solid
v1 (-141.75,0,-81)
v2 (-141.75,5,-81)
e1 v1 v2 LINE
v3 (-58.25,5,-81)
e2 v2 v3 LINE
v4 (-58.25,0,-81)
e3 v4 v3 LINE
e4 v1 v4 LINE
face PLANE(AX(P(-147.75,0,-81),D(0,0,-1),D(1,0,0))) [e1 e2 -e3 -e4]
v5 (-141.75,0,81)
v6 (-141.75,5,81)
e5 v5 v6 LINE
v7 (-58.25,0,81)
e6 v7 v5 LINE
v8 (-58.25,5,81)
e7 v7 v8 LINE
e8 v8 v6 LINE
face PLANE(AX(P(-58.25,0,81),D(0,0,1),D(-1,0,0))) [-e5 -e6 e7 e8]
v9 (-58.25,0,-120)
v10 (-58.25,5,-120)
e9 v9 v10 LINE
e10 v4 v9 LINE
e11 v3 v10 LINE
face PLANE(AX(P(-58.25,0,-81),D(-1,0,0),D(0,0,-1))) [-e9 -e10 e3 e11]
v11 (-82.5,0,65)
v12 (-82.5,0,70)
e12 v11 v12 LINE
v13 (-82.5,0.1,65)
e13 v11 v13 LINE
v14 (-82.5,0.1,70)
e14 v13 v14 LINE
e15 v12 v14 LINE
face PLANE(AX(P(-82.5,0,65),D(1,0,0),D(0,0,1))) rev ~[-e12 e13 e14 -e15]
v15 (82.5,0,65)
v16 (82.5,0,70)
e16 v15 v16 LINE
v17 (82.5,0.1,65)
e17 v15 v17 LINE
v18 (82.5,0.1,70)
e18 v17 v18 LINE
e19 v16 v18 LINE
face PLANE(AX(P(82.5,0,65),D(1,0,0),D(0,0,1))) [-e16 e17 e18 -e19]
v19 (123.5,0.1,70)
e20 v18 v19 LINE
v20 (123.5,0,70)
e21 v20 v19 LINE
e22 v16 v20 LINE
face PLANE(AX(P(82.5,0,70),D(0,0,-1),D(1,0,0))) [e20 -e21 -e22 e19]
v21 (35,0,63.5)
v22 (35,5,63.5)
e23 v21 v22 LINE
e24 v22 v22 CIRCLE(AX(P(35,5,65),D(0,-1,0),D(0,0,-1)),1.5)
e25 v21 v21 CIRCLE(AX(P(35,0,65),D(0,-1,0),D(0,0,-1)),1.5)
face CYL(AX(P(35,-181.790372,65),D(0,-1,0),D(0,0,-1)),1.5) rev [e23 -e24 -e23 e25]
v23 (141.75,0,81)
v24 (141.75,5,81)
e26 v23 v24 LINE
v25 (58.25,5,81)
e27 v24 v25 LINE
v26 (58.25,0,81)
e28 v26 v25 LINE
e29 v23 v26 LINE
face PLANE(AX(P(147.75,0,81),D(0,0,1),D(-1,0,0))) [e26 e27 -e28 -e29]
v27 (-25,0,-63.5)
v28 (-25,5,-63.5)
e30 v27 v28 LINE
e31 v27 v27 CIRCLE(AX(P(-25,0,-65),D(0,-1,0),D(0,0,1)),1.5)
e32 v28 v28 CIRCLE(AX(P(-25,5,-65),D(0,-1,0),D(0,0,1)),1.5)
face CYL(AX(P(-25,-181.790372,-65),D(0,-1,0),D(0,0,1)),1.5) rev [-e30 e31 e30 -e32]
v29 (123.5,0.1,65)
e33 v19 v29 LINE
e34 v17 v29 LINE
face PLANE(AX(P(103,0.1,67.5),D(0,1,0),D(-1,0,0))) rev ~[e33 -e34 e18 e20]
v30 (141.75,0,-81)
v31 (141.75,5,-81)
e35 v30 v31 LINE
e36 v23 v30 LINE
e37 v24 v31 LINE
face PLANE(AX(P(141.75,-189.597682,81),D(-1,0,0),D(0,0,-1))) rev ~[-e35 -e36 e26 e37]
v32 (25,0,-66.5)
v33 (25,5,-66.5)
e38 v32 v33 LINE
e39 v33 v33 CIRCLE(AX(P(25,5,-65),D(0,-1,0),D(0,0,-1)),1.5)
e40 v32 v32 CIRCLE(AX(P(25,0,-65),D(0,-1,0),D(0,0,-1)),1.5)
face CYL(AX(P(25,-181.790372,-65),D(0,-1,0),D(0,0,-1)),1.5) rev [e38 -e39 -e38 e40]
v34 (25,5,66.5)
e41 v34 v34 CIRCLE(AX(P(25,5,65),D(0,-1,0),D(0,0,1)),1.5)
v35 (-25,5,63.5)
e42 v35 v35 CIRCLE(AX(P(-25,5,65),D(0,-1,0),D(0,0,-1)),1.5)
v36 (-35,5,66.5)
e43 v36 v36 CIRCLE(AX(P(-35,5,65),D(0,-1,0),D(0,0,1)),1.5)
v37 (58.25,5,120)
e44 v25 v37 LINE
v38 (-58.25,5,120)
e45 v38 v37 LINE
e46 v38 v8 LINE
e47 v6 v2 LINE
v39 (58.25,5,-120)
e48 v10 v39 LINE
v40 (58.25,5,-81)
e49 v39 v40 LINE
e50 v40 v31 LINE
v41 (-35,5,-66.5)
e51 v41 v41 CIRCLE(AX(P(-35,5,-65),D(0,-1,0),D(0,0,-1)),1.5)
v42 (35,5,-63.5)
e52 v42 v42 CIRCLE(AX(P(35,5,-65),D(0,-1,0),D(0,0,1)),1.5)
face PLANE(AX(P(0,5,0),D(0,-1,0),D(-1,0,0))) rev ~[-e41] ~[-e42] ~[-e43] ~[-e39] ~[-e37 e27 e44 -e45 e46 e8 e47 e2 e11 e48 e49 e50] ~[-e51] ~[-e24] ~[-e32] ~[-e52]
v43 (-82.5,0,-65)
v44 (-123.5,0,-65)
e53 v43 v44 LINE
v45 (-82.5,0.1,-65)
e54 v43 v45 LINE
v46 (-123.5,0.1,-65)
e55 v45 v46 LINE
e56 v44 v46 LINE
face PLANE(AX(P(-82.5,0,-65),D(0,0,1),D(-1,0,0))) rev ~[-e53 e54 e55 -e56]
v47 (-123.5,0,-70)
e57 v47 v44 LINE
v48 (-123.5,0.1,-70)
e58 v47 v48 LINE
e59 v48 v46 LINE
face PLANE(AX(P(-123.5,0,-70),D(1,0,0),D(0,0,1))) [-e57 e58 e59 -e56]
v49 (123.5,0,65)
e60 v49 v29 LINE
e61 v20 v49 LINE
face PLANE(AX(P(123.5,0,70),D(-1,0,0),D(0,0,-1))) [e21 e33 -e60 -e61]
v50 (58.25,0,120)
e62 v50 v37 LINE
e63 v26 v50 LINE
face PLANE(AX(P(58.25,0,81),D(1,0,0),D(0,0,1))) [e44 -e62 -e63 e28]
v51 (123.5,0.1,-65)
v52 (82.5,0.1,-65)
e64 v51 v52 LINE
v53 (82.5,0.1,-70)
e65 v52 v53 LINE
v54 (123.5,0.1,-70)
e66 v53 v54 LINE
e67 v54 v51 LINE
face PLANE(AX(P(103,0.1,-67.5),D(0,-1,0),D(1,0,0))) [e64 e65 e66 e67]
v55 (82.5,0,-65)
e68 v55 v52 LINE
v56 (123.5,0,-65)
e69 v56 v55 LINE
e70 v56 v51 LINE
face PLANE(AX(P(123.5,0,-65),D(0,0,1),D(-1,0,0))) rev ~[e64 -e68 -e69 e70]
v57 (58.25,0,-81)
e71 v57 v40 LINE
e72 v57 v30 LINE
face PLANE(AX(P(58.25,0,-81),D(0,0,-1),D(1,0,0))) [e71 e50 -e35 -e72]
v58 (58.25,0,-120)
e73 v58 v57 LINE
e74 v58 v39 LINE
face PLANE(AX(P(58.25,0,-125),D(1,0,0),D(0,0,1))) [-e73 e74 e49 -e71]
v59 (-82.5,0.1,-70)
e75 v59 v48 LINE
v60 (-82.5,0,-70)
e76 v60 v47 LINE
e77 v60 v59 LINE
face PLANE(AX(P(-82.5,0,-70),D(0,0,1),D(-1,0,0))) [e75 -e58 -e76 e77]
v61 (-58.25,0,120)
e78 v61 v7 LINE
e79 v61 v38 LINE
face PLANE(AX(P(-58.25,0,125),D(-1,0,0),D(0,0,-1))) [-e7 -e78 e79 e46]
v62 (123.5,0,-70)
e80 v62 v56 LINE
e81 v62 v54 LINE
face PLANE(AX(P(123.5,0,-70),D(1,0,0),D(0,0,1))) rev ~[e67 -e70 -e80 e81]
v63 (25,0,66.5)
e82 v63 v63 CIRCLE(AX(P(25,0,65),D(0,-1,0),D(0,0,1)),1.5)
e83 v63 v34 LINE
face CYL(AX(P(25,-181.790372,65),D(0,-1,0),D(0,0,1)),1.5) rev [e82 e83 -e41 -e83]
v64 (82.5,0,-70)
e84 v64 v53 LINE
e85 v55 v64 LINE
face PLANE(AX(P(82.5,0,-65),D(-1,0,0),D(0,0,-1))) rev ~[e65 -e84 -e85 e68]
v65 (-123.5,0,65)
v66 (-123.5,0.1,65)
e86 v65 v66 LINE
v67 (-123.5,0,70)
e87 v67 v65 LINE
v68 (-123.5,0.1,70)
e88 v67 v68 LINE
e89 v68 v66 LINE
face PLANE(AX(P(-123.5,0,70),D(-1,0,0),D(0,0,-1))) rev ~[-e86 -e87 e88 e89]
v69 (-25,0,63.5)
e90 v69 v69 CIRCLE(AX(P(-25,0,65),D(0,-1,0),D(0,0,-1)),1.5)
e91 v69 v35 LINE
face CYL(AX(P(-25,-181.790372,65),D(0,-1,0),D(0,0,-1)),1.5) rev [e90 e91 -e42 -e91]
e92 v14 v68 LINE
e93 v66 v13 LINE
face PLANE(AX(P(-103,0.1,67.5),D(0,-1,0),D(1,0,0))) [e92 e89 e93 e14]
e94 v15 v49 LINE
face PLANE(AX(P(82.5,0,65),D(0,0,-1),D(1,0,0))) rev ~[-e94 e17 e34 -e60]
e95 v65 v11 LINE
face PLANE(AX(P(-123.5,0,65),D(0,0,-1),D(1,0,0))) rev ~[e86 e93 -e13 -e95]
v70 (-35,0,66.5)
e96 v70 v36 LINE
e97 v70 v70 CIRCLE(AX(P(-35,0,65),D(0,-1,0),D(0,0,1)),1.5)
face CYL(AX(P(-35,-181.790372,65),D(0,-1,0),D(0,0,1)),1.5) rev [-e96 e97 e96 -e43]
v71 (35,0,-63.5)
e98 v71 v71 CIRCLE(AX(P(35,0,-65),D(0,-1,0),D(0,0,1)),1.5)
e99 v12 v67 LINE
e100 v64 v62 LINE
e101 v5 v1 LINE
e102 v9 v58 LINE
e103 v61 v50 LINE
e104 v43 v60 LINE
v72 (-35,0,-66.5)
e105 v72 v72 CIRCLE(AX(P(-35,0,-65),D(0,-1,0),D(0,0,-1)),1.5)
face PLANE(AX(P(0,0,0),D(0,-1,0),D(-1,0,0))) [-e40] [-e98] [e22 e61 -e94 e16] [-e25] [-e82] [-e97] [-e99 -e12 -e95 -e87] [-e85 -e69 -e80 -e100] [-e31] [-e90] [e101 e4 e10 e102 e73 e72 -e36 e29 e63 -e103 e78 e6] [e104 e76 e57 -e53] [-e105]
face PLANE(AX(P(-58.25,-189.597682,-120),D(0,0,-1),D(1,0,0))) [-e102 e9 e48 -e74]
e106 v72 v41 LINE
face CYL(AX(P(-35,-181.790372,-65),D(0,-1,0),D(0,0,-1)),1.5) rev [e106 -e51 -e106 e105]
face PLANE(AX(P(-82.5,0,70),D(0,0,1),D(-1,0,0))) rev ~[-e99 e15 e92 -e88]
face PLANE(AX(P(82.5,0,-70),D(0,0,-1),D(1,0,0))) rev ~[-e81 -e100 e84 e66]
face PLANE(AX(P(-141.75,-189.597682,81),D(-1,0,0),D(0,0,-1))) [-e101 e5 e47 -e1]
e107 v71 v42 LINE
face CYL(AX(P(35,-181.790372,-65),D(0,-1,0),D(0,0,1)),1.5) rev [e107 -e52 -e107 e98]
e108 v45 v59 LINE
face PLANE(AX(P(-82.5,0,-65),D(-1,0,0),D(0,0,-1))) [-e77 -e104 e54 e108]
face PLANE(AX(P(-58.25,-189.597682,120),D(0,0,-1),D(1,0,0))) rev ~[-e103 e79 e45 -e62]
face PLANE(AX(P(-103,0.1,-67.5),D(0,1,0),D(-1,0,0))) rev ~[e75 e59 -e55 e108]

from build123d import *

# Parameters (mm, degrees)
BOSS_EXTRUDE1_DEPTH     = 5
CUT_EXTRUDE1_DEPTH      = 0.1
CUT_EXTRUDE2_DEPTH      = 194.597682063
CUT_EXTRUDE2_DEPTH_BACK = 194.597682063
SKETCH3_W               = 6
SKETCH3_H               = 162
SKETCH3_W_2             = 116.5
SKETCH3_H_2             = 5
CUT_EXTRUDE4_DEPTH      = 186.790372463
CUT_EXTRUDE4_DEPTH_BACK = 186.790372463
SKETCH7_R               = 1.5


with BuildPart() as part:
    # Sketch1 → Boss-Extrude1 (new body)
    with BuildSketch(Plane(origin=(0, 0, 0), x_dir=(1, 0, 0), z_dir=(0, 1, 0))):
        Polygon((-58.25, 125), (58.25, 125), (58.25, 81), (147.75, 81), (147.75, -81), (58.25, -81), (58.25, -125), (-58.25, -125), (-58.25, -81), (-147.75, -81), (-147.75, 81), (-58.25, 81), align=None)
    extrude(amount=BOSS_EXTRUDE1_DEPTH)

    # Sketch2 → Cut-Extrude1 (cut)
    with BuildSketch(Plane.XZ):
        Polygon((-103, 65), (-82.5, 65), (-82.5, 70), (-123.5, 70), (-123.5, 65), align=None)
        Polygon((123.5, 70), (123.5, 65), (103, 65), (82.5, 65), (82.5, 70), align=None)
        Polygon((-123.5, -70), (-123.5, -65), (-103, -65), (-82.5, -65), (-82.5, -70), align=None)
        Polygon((82.5, -70), (123.5, -70), (123.5, -65), (103, -65), (82.5, -65), align=None)
    extrude(amount=-CUT_EXTRUDE1_DEPTH, mode=Mode.SUBTRACT)

    # Sketch3 → Cut-Extrude2 (cut, two sides: drawn at the far end of the back side and taken through both)
    with BuildSketch(Plane(origin=(0, 5, 0), x_dir=(1, 0, 0), z_dir=(0, 1, 0)).offset(-CUT_EXTRUDE2_DEPTH_BACK)):
        with Locations((-144.75, 0)):
            Rectangle(SKETCH3_W, SKETCH3_H)
        with Locations((144.75, 0)):
            Rectangle(SKETCH3_W, SKETCH3_H)
        with Locations((0, 122.5)):
            Rectangle(SKETCH3_W_2, SKETCH3_H_2)
        with Locations((0, -122.5)):
            Rectangle(SKETCH3_W_2, SKETCH3_H_2)
    extrude(amount=CUT_EXTRUDE2_DEPTH + CUT_EXTRUDE2_DEPTH_BACK, mode=Mode.SUBTRACT)

    # Sketch7 → Cut-Extrude4 (cut, two sides: drawn at the far end of the back side and taken through both)
    with BuildSketch(Plane(origin=(0, 5, 0), x_dir=(1, 0, 0), z_dir=(0, 1, 0)).offset(-CUT_EXTRUDE4_DEPTH_BACK)):
        with Locations(Location((25, -65, 0), (0, 0, 270))):
            Circle(SKETCH7_R)
        with Locations(Location((35, -65, 0), (0, 0, 90))):
            Circle(SKETCH7_R)
        with Locations(Location((-35, -65, 0), (0, 0, 270))):
            Circle(SKETCH7_R)
        with Locations(Location((-25, -65, 0), (0, 0, 90))):
            Circle(SKETCH7_R)
        with Locations(Location((-25, 65, 0), (0, 0, 270))):
            Circle(SKETCH7_R)
        with Locations(Location((-35, 65, 0), (0, 0, 90))):
            Circle(SKETCH7_R)
        with Locations(Location((35, 65, 0), (0, 0, 270))):
            Circle(SKETCH7_R)
        with Locations(Location((25, 65, 0), (0, 0, 90))):
            Circle(SKETCH7_R)
    extrude(amount=CUT_EXTRUDE4_DEPTH + CUT_EXTRUDE4_DEPTH_BACK, mode=Mode.SUBTRACT)


solid = part.part
